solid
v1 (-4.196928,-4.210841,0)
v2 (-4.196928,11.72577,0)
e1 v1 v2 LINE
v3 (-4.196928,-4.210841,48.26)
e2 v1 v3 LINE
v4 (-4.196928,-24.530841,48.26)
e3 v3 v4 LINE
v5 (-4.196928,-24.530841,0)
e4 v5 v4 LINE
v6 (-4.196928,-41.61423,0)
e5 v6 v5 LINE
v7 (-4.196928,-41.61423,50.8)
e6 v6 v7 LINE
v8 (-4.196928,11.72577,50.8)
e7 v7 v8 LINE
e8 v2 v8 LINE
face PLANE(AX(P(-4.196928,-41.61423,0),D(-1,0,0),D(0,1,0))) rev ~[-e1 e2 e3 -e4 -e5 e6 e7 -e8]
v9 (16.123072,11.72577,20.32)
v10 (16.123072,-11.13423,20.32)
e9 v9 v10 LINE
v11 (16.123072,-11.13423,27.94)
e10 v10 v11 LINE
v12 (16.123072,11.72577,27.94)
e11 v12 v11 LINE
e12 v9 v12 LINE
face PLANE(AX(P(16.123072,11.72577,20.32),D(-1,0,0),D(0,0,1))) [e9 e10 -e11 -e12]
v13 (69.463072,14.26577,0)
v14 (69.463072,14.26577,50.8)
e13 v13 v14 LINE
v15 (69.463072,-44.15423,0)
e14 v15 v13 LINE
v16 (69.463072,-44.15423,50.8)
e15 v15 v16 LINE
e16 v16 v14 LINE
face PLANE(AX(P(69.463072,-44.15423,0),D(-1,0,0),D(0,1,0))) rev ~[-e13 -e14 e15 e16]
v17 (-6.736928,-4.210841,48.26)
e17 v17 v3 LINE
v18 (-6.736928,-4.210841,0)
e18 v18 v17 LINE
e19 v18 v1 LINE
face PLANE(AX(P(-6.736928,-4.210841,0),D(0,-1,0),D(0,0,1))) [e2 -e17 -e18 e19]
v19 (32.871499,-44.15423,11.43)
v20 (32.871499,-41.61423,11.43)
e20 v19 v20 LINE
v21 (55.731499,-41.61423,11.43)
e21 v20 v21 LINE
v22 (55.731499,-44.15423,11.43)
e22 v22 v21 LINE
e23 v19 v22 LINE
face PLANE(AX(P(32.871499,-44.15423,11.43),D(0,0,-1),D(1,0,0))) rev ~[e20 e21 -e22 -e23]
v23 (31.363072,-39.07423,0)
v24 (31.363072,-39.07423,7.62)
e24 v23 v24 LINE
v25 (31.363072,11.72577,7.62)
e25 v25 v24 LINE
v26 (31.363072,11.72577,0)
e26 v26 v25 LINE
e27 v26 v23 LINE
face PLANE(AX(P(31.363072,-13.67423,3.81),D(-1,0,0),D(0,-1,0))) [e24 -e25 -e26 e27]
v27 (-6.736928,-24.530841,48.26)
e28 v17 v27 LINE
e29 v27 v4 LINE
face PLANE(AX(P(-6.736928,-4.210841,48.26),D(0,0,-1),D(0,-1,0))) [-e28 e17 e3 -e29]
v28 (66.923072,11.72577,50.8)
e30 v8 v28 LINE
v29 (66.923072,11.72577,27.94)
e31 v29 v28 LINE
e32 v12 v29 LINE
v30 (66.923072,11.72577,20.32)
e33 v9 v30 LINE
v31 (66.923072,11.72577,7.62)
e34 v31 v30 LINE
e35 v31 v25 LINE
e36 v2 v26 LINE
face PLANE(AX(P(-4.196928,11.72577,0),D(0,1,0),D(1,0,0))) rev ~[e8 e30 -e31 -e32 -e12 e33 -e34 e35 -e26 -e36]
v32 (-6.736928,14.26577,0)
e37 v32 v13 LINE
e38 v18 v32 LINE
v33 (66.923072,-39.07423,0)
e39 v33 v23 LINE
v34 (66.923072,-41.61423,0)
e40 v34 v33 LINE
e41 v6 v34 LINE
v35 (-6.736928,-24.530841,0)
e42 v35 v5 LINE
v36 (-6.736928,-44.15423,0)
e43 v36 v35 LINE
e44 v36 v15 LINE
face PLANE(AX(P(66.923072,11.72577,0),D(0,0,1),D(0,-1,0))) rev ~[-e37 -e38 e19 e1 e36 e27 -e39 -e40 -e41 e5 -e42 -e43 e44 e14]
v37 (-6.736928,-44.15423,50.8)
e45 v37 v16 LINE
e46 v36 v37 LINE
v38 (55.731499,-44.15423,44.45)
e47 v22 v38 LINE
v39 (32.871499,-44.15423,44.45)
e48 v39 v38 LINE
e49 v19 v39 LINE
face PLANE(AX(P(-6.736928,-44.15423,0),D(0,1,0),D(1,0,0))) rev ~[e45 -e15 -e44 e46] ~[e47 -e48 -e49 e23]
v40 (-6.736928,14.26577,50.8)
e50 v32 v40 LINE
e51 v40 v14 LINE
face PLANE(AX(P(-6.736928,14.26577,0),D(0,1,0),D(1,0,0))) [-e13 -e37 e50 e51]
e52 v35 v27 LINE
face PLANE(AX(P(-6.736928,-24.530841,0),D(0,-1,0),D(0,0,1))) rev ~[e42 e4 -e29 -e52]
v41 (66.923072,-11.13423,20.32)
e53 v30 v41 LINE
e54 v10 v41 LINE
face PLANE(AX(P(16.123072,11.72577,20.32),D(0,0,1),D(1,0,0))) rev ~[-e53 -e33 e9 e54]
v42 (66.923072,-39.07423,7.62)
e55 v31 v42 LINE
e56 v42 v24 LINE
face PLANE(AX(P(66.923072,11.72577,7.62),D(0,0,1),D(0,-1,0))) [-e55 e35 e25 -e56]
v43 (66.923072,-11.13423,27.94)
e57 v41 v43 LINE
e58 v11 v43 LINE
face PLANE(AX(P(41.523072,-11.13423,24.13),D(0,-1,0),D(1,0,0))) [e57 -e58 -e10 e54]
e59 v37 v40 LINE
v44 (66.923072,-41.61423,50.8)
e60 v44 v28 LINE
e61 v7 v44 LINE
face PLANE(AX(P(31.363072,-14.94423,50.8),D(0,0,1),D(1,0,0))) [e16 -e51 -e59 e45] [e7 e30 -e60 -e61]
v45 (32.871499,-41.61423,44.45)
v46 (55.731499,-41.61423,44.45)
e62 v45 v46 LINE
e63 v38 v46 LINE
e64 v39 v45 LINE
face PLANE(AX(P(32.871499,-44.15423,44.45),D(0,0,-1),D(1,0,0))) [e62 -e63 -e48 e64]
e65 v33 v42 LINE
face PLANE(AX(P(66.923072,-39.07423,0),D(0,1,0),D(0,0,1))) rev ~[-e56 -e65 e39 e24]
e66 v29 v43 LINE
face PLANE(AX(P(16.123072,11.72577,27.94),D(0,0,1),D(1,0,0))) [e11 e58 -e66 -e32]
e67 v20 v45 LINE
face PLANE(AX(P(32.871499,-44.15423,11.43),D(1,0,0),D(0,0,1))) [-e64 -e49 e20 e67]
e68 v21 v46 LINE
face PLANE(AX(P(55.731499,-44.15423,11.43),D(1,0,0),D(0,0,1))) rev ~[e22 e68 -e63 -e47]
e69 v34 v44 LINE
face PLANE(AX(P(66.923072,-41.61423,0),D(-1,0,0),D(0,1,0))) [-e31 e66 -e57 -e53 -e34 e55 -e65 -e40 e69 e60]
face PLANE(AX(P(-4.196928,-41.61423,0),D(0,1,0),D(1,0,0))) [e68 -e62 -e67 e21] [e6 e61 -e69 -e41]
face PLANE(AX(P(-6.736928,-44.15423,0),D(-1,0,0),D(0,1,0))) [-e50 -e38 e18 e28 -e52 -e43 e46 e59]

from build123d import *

# Parameters (mm, degrees)
F0_W     = 76.2
F0_H     = 58.42
F0_W_2   = 71.12
F0_H_2   = 53.34
F1_DEPTH = 50.8
F2_W     = 50.8
F2_H     = 7.62
F6_DEPTH = 22.86
F7_W     = 50.8
F7_H     = 7.62
F8_DEPTH = 35.56
F3_W     = 20.32
F3_H     = 48.26
F9_DEPTH = 2.54
F4_W     = 22.86
F4_H     = 33.02
F5_DEPTH = 2.54


with BuildPart() as f1:
    # F0 (on Top) → F1 (new body)
    with BuildSketch(Plane.XY):
        with Locations((31.363072, -14.94423)):
            Rectangle(F0_W, F0_H)
        with Locations((31.363072, -14.94423)):
            Rectangle(F0_W_2, F0_H_2, mode=Mode.SUBTRACT)
    extrude(amount=F1_DEPTH)

    # F2 (on face) → F6 (join)
    with BuildSketch(Plane.XZ.offset(-11.72577)):
        with Locations((41.523072, 24.13)):
            Rectangle(F2_W, F2_H)
    extrude(amount=F6_DEPTH)

    # F7 (on face) → F8 (join)
    with BuildSketch(Plane(origin=(66.923072, 0, 0), x_dir=(0, -1, 0), z_dir=(-1, 0, 0))):
        with Locations((13.67423, 3.81)):
            Rectangle(F7_W, F7_H)
    extrude(amount=F8_DEPTH)

    # F3 (on face) → F9 (cut, through all)
    with BuildSketch(Plane(origin=(-6.736928, 0, 0), x_dir=(0, -1, 0), z_dir=(-1, 0, 0))):
        with Locations((14.370841, 24.13)):
            Rectangle(F3_W, F3_H)
    extrude(amount=-F9_DEPTH, mode=Mode.SUBTRACT)

    # F4 (on face) → F5 (cut, through all)
    with BuildSketch(Plane.XZ.offset(44.15423)):
        with Locations((44.301499, 27.94)):
            Rectangle(F4_W, F4_H)
    extrude(amount=-F5_DEPTH, mode=Mode.SUBTRACT)


solid = f1.part
